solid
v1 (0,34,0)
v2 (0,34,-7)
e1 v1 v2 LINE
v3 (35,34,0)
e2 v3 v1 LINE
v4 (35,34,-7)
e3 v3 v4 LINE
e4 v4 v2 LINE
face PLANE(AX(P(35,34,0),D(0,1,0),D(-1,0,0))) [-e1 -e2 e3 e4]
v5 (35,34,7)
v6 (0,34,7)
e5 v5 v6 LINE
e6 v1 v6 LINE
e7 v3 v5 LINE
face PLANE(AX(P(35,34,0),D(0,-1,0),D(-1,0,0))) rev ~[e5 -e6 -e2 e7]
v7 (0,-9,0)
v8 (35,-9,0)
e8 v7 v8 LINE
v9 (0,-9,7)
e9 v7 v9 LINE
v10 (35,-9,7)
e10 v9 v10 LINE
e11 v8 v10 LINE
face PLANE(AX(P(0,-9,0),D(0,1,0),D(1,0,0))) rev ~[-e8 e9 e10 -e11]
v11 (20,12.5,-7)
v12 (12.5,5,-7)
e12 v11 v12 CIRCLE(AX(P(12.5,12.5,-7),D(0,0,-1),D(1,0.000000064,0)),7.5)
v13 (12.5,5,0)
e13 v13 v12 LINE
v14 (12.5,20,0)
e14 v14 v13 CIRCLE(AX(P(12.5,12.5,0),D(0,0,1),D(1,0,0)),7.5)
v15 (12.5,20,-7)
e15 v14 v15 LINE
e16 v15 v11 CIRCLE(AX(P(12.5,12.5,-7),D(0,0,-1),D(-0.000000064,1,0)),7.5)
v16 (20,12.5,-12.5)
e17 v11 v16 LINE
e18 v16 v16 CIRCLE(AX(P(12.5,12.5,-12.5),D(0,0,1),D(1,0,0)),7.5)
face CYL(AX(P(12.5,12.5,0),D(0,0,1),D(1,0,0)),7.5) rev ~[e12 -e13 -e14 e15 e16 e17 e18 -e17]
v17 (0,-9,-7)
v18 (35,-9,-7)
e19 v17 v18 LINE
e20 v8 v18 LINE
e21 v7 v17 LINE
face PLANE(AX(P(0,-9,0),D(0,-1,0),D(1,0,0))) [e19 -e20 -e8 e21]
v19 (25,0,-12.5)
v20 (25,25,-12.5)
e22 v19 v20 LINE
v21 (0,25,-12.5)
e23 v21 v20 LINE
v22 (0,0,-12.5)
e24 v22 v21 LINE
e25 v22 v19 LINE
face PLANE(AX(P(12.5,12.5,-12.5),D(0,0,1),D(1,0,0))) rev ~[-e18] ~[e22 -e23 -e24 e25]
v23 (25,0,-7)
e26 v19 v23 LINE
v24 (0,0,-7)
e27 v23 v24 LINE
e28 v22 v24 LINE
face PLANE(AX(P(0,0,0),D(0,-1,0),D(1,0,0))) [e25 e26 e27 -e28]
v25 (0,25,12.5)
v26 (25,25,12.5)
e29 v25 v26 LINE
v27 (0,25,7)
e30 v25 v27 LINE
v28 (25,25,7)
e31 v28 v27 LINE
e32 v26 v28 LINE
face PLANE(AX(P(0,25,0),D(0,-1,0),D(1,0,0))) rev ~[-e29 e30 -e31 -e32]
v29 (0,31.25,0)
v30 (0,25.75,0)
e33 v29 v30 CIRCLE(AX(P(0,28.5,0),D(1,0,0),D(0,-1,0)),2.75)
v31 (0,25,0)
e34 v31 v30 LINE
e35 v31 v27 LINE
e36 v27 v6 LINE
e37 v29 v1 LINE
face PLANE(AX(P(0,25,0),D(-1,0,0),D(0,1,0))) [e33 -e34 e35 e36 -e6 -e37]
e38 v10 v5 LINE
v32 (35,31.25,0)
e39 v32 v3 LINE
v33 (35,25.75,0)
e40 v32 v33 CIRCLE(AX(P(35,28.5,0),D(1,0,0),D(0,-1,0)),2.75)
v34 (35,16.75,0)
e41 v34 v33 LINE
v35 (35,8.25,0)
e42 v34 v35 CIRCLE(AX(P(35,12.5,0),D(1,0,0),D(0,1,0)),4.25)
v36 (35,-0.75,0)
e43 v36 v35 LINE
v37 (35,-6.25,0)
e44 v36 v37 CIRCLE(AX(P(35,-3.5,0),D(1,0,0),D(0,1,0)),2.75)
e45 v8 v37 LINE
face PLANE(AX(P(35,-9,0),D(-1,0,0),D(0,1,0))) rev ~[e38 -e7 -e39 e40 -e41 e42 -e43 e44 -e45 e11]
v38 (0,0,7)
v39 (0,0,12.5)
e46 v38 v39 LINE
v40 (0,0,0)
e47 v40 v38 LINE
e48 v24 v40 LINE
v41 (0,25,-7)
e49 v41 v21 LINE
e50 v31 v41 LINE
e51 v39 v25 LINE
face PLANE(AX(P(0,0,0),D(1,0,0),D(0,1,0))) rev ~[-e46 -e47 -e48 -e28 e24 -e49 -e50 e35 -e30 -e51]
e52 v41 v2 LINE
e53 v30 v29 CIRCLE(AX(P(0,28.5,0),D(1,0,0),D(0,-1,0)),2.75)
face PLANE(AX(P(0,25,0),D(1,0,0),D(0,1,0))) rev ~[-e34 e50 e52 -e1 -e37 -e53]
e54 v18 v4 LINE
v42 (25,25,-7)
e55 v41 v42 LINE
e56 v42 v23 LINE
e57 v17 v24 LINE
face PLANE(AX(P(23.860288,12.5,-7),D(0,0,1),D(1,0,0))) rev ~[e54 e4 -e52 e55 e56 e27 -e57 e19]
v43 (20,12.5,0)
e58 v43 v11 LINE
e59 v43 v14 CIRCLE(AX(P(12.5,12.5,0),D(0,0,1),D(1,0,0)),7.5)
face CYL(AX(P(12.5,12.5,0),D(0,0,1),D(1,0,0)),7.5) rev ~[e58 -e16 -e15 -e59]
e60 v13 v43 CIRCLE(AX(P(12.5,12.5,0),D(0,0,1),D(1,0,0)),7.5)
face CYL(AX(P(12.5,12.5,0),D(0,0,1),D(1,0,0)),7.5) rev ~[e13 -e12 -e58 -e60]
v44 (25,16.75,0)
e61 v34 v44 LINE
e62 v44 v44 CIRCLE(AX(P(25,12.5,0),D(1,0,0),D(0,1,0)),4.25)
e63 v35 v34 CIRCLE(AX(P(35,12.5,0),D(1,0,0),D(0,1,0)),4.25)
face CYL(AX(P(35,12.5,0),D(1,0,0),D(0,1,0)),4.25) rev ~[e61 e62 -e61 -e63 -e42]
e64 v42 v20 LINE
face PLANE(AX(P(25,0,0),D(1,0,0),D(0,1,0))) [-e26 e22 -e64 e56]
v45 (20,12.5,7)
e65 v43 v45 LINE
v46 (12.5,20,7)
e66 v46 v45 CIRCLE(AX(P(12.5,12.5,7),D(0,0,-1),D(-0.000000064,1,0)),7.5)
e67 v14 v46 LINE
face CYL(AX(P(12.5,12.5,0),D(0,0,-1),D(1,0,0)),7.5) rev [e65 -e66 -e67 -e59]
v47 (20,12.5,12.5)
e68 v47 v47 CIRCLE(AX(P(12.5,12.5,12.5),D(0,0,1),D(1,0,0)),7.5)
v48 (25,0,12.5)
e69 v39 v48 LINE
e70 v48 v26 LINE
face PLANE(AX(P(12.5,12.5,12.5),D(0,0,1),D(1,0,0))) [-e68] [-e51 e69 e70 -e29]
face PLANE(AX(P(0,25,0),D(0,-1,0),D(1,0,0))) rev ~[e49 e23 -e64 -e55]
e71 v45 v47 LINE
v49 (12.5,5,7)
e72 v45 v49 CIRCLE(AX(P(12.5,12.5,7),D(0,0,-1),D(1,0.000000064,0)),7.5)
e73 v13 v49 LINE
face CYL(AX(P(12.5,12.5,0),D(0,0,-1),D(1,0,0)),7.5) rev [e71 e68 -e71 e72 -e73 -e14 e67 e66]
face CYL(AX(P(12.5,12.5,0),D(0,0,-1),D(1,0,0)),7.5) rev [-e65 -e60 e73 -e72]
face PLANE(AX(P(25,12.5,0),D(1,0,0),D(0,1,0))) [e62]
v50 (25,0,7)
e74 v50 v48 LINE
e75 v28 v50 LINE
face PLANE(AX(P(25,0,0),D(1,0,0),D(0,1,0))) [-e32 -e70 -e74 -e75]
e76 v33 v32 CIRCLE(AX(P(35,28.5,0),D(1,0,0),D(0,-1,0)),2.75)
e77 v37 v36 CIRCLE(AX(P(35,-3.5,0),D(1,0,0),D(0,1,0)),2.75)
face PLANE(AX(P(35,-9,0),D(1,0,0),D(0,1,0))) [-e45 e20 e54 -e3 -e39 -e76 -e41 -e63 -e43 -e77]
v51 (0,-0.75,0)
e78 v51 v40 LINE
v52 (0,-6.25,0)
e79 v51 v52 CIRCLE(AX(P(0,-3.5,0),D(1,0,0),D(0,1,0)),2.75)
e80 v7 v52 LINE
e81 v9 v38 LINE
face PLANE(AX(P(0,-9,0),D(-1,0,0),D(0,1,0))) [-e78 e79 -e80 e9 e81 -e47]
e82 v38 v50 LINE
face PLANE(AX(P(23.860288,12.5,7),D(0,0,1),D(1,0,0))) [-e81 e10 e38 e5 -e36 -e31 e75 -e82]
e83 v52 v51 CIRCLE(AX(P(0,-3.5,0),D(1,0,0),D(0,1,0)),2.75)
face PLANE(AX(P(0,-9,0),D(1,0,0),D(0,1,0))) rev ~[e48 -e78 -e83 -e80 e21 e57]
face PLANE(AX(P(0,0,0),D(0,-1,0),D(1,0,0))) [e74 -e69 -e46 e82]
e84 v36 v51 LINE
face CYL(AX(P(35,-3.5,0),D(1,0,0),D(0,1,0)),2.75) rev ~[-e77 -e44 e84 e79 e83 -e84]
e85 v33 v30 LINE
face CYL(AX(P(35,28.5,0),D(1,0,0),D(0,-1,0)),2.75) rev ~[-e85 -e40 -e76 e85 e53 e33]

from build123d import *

# Parameters (mm, degrees)
F0_W          = 25
F0_H          = 25
F0_R          = 7.5
F1_DEPTH      = 12.5
F1_DEPTH_BACK = 12.5
F2_W          = 12.5
F2_H          = 9
F3_DEPTH      = 7
F3_DEPTH_BACK = 7
F6_DEPTH      = 10
F5_R          = 2.75
F7_DEPTH      = 35.1


with BuildPart() as f1:
    # F0 (on Top) → F1 (new body, two sides)
    with BuildSketch(Plane.XY) as f1_sk:
        with Locations((12.5, 12.5)):
            Rectangle(F0_W, F0_H)
        with Locations((12.5, 12.5)):
            Circle(F0_R, mode=Mode.SUBTRACT)
    extrude(amount=F1_DEPTH)
    extrude(f1_sk.sketch, amount=-F1_DEPTH_BACK)

    # F2 (on Top) → F3 (join, two sides)
    with BuildSketch(Plane.XY) as f3_sk:
        with BuildLine():
            Line((12.5, 34), (12.5, 25))
            Line((12.5, 25), (12.5, 20))
            ThreePointArc((12.5, 20), (17.803301, 17.803301), (20, 12.5))
            ThreePointArc((20, 12.5), (17.803301, 7.196699), (12.5, 5))
            Line((12.5, 5), (12.5, 0))
            Line((12.5, 0), (12.5, -9))
            Line((12.5, -9), (35, -9))
            Line((35, -9), (35, 34))
            Line((35, 34), (12.5, 34))
        make_face()
        with Locations((6.25, 29.5)):
            Rectangle(F2_W, F2_H)
        with Locations((6.25, -4.5)):
            Rectangle(F2_W, F2_H)
    extrude(amount=F3_DEPTH)
    extrude(f3_sk.sketch, amount=-F3_DEPTH_BACK)

    # F4 (on face) → F6 (cut)
    with BuildSketch(Plane.YZ.offset(35)):
        with BuildLine():
            ThreePointArc((8.25, 0), (12.5, -4.25), (16.75, 0))
            ThreePointArc((16.75, 0), (12.5, 4.25), (8.25, 0))
        make_face()
    extrude(amount=-F6_DEPTH, mode=Mode.SUBTRACT)

    # F5 (on face) → F7 (cut)
    with BuildSketch(Plane.YZ.offset(35)):
        with BuildLine():
            ThreePointArc((31.25, 0), (28.5, 2.75), (25.75, 0))
            ThreePointArc((25.75, 0), (28.5, -2.75), (31.25, 0))
        make_face()
        with Locations((-3.5, 0)):
            Circle(F5_R)
    extrude(amount=-F7_DEPTH, mode=Mode.SUBTRACT)


solid = f1.part
